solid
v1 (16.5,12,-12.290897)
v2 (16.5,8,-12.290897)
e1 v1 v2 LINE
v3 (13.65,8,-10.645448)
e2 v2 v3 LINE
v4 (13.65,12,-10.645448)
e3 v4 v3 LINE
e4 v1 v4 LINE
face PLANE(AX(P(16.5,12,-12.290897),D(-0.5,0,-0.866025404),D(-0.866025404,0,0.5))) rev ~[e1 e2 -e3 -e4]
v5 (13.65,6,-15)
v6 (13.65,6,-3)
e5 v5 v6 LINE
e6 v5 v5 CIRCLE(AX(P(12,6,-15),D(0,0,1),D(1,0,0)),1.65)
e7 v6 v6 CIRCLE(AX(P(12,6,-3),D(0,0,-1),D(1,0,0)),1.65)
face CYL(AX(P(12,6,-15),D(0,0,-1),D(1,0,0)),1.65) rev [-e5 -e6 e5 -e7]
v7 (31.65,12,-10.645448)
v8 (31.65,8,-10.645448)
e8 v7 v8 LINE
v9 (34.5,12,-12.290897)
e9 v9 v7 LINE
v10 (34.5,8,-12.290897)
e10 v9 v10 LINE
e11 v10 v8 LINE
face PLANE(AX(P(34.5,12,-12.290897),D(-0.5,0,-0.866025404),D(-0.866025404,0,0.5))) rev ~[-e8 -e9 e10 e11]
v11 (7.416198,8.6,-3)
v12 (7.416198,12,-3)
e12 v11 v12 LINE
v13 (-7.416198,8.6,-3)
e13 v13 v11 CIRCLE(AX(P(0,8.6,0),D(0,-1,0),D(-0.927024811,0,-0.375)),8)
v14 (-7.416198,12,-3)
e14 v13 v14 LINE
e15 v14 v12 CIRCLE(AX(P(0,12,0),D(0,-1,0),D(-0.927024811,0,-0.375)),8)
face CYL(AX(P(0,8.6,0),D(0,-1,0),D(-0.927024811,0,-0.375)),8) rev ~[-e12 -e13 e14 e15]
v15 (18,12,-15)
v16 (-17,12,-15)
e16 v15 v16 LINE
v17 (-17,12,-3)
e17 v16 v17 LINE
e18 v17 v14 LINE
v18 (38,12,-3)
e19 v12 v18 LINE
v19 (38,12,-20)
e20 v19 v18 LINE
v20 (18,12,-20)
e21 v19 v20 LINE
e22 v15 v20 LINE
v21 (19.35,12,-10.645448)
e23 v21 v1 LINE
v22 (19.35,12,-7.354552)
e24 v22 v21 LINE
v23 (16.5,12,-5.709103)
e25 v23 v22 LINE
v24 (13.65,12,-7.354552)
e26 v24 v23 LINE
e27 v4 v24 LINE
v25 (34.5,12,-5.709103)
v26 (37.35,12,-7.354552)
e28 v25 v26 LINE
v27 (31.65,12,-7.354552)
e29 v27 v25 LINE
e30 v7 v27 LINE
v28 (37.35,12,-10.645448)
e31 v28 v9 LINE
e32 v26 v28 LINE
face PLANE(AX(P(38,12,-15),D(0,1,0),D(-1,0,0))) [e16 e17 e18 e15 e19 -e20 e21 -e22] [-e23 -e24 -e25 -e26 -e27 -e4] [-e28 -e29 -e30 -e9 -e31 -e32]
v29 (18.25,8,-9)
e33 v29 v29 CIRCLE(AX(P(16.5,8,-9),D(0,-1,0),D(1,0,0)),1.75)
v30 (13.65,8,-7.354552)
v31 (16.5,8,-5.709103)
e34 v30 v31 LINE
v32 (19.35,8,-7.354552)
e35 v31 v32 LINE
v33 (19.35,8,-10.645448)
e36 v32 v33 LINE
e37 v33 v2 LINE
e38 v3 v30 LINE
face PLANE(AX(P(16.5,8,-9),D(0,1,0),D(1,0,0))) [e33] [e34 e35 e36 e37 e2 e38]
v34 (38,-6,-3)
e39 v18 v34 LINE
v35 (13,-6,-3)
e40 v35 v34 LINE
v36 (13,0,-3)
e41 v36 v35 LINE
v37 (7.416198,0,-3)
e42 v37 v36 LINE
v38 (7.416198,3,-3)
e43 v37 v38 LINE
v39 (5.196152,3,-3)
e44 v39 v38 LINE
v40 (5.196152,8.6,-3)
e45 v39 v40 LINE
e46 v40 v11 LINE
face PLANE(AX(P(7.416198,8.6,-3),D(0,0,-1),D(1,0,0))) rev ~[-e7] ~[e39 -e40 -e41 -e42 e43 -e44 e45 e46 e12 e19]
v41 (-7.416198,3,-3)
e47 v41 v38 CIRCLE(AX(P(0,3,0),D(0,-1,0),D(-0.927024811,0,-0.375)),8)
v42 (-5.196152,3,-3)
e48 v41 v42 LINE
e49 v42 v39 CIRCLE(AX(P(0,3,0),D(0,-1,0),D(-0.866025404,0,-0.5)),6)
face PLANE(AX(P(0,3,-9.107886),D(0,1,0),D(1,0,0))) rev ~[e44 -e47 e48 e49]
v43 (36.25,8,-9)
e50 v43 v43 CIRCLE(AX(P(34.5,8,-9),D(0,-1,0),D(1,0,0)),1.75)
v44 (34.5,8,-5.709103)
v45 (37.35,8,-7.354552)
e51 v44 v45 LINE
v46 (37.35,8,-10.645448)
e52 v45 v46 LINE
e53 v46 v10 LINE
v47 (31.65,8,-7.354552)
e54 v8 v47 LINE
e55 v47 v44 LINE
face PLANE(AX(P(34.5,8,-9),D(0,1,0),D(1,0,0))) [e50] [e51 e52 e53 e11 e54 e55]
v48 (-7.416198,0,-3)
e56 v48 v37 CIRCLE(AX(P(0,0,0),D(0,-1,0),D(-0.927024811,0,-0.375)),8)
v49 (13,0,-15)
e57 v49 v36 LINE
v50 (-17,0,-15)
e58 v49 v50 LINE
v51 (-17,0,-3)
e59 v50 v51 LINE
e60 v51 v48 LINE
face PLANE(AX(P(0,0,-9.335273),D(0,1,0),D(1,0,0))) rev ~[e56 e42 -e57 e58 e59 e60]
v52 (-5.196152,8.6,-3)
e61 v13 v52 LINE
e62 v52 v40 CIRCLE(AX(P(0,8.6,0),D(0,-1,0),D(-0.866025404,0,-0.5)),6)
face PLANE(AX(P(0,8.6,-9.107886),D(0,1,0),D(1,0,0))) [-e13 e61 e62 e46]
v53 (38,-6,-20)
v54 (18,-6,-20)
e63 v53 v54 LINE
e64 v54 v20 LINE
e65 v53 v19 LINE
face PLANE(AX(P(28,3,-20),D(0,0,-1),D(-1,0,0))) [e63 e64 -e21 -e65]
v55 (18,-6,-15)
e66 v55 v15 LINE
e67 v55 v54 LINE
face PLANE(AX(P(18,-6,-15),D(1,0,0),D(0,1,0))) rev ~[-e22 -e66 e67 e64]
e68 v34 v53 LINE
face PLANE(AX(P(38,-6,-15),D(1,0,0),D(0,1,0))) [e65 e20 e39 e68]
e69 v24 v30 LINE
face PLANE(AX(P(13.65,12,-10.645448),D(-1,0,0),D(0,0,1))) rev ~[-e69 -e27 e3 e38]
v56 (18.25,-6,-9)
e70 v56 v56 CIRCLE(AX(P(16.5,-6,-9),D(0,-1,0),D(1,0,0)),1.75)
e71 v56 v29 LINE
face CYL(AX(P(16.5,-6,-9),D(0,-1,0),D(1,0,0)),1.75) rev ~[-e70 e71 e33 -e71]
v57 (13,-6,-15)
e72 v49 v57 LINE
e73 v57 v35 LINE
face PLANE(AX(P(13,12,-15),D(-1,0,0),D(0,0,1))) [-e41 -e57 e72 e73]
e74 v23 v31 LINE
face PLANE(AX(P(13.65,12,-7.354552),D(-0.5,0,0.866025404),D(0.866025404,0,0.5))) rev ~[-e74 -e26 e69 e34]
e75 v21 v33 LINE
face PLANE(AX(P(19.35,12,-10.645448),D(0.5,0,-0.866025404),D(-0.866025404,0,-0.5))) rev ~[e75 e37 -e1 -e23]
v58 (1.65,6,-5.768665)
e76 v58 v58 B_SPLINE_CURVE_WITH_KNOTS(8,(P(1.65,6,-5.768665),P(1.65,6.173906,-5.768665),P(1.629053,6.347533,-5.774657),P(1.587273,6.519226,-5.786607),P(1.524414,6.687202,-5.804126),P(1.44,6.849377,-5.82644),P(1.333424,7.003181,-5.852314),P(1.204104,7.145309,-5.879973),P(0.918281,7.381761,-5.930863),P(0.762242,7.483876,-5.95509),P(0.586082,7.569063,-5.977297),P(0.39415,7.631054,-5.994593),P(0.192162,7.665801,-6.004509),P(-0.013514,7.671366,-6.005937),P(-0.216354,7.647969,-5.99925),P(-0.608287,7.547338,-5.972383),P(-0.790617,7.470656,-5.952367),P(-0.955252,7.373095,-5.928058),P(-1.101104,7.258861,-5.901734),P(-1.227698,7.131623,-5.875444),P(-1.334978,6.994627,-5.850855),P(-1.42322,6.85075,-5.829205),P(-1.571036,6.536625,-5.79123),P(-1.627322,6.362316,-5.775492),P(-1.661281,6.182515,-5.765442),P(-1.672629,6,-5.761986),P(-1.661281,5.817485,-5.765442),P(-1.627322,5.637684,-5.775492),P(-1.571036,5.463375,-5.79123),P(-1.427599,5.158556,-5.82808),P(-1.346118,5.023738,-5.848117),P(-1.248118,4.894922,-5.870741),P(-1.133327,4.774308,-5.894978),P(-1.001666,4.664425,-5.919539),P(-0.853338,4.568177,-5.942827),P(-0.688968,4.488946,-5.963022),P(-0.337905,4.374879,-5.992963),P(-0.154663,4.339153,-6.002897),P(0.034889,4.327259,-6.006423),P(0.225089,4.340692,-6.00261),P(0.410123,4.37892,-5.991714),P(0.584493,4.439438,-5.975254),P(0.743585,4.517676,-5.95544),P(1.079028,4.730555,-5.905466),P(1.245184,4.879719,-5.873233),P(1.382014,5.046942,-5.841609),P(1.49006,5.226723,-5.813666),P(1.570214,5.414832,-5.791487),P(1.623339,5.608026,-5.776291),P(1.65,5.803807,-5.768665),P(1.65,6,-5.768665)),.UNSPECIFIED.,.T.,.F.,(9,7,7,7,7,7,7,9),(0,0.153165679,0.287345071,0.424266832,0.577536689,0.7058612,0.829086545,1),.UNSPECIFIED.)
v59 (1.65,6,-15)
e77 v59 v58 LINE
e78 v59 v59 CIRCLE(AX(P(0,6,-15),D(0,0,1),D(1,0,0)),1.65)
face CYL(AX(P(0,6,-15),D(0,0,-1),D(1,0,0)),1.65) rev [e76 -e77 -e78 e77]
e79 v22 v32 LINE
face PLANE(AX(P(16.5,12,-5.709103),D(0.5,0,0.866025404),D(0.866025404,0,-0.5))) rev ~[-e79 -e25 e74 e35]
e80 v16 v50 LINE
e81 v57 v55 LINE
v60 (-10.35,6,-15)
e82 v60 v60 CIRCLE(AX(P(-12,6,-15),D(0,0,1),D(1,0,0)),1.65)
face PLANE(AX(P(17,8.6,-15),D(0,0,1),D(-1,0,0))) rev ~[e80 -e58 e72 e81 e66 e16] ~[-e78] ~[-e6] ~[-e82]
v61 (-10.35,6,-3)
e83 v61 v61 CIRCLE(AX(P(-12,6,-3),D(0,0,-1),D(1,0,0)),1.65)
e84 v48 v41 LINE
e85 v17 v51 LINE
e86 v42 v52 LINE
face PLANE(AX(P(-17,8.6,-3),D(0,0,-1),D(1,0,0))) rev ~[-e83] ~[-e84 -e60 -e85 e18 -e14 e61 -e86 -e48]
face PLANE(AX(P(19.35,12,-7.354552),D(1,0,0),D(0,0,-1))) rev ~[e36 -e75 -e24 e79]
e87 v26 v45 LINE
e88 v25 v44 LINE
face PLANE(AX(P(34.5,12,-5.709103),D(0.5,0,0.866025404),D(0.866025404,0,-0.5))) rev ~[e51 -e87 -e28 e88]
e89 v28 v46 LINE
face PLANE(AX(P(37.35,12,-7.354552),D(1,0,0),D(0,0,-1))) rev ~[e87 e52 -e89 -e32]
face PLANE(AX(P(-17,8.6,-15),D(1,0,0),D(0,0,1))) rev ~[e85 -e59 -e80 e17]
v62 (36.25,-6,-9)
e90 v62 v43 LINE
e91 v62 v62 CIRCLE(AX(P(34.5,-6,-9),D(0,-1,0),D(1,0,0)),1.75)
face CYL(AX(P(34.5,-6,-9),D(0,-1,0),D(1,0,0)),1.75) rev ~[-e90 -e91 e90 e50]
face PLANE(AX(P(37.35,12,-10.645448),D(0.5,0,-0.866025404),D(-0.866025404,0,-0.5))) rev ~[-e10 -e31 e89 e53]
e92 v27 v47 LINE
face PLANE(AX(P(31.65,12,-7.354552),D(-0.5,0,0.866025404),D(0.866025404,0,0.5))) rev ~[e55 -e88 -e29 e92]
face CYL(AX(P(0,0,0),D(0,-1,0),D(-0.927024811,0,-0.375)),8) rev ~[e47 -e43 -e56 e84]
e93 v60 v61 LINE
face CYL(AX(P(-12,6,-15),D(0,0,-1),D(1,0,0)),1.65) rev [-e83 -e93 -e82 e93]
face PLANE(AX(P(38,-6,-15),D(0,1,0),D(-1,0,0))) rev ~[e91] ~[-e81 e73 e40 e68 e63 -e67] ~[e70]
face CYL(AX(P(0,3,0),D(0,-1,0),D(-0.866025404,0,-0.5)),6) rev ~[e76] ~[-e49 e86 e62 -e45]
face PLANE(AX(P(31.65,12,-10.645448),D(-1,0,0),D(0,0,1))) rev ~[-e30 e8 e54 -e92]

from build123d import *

# Parameters (mm, degrees)
EXTRUDE_1_DEPTH     = 3
EXTRUDE_2_DEPTH     = 5.6
EXTRUDE_3_DEPTH     = 3.4
SKETCH_5_W          = 25
SKETCH_5_H          = 12
EXTRUDE_4_DEPTH     = 18
SKETCH_8_W          = 20
SKETCH_8_H          = 18
EXTRUDE_5_DEPTH     = 5
SKETCH_4_R          = 1.65
CUT_EXTRUDE_1_DEPTH = 13
SKETCH_6_R          = 1.75
CUT_EXTRUDE_2_DEPTH = 19
CUT_EXTRUDE_3_DEPTH = 4


with BuildPart() as part:
    # 草图1 → 凸台-拉伸1 (new body)
    with BuildSketch(Plane(origin=(0, 0, 0), x_dir=(1, 0, 0), z_dir=(0, 1, 0))):
        with BuildLine():
            Line((17, 3), (17, 15))
            Line((17, 15), (-17, 15))
            Line((-17, 15), (-17, 3))
            Line((-17, 3), (-7.416198487, 3))
            ThreePointArc((-7.416198487, 3), (0, 8), (7.416198487, 3))
            Line((7.416198487, 3), (17, 3))
        make_face()
    extrude(amount=EXTRUDE_1_DEPTH)

    # 草图2 → 凸台-拉伸2 (add)
    with BuildSketch(Plane(origin=(0, 3, 0), x_dir=(1, 0, 0), z_dir=(0, 1, 0))):
        with BuildLine():
            Line((5.196152423, 3), (17, 3))
            Line((17, 3), (17, 15))
            Line((17, 15), (-17, 15))
            Line((-17, 15), (-17, 3))
            Line((-17, 3), (-5.196152423, 3))
            ThreePointArc((-5.196152423, 3), (0, 6), (5.196152423, 3))
        make_face()
    extrude(amount=EXTRUDE_2_DEPTH)

    # 草图3 → 凸台-拉伸3 (add)
    with BuildSketch(Plane(origin=(0, 8.6, 0), x_dir=(1, 0, 0), z_dir=(0, 1, 0))):
        with BuildLine():
            Line((-17, 3), (-7.416198487, 3))
            ThreePointArc((-7.416198487, 3), (0, 8), (7.416198487, 3))
            Line((7.416198487, 3), (17, 3))
            Line((17, 3), (17, 15))
            Line((17, 15), (-17, 15))
            Line((-17, 15), (-17, 3))
        make_face()
    extrude(amount=EXTRUDE_3_DEPTH)

    # 草图5 → 凸台-拉伸4 (add)
    with BuildSketch(Plane.XZ.offset(-12)):
        with Locations((25.5, -9)):
            Rectangle(SKETCH_5_W, SKETCH_5_H)
    extrude(amount=EXTRUDE_4_DEPTH)

    # 草图8 → 凸台-拉伸5 (add)
    with BuildSketch(Plane(origin=(0, 0, -15), x_dir=(-1, 0, 0), z_dir=(0, 0, -1))):
        with Locations((-28, 3)):
            Rectangle(SKETCH_8_W, SKETCH_8_H)
    extrude(amount=EXTRUDE_5_DEPTH)

    # 草图4 → 切除-拉伸1 (cut, through all)
    with BuildSketch(Plane.XY.offset(-15)):
        with Locations((-12, 6)):
            Circle(SKETCH_4_R)
        with Locations((12, 6)):
            Circle(SKETCH_4_R)
        with Locations((0, 6)):
            Circle(SKETCH_4_R)
    extrude(amount=CUT_EXTRUDE_1_DEPTH, mode=Mode.SUBTRACT)

    # 草图6 → 切除-拉伸2 (cut, through all)
    with BuildSketch(Plane.XZ.offset(6)):
        with Locations((16.5, -9)):
            Circle(SKETCH_6_R)
        with Locations((34.5, -9)):
            Circle(SKETCH_6_R)
    extrude(amount=-CUT_EXTRUDE_2_DEPTH, mode=Mode.SUBTRACT)

    # 草图7 → 切除-拉伸3 (cut)
    with BuildSketch(Plane(origin=(0, 12, 0), x_dir=(1, 0, 0), z_dir=(0, 1, 0))):
        Polygon((16.5, 5.709103466), (19.35, 7.354551733), (19.35, 10.645448267), (16.5, 12.290896534), (13.65, 10.645448267), (13.65, 7.354551733), align=None)
        Polygon((34.5, 5.709103466), (37.35, 7.354551733), (37.35, 10.645448267), (34.5, 12.290896534), (31.65, 10.645448267), (31.65, 7.354551733), align=None)
    extrude(amount=-CUT_EXTRUDE_3_DEPTH, mode=Mode.SUBTRACT)


solid = part.part
